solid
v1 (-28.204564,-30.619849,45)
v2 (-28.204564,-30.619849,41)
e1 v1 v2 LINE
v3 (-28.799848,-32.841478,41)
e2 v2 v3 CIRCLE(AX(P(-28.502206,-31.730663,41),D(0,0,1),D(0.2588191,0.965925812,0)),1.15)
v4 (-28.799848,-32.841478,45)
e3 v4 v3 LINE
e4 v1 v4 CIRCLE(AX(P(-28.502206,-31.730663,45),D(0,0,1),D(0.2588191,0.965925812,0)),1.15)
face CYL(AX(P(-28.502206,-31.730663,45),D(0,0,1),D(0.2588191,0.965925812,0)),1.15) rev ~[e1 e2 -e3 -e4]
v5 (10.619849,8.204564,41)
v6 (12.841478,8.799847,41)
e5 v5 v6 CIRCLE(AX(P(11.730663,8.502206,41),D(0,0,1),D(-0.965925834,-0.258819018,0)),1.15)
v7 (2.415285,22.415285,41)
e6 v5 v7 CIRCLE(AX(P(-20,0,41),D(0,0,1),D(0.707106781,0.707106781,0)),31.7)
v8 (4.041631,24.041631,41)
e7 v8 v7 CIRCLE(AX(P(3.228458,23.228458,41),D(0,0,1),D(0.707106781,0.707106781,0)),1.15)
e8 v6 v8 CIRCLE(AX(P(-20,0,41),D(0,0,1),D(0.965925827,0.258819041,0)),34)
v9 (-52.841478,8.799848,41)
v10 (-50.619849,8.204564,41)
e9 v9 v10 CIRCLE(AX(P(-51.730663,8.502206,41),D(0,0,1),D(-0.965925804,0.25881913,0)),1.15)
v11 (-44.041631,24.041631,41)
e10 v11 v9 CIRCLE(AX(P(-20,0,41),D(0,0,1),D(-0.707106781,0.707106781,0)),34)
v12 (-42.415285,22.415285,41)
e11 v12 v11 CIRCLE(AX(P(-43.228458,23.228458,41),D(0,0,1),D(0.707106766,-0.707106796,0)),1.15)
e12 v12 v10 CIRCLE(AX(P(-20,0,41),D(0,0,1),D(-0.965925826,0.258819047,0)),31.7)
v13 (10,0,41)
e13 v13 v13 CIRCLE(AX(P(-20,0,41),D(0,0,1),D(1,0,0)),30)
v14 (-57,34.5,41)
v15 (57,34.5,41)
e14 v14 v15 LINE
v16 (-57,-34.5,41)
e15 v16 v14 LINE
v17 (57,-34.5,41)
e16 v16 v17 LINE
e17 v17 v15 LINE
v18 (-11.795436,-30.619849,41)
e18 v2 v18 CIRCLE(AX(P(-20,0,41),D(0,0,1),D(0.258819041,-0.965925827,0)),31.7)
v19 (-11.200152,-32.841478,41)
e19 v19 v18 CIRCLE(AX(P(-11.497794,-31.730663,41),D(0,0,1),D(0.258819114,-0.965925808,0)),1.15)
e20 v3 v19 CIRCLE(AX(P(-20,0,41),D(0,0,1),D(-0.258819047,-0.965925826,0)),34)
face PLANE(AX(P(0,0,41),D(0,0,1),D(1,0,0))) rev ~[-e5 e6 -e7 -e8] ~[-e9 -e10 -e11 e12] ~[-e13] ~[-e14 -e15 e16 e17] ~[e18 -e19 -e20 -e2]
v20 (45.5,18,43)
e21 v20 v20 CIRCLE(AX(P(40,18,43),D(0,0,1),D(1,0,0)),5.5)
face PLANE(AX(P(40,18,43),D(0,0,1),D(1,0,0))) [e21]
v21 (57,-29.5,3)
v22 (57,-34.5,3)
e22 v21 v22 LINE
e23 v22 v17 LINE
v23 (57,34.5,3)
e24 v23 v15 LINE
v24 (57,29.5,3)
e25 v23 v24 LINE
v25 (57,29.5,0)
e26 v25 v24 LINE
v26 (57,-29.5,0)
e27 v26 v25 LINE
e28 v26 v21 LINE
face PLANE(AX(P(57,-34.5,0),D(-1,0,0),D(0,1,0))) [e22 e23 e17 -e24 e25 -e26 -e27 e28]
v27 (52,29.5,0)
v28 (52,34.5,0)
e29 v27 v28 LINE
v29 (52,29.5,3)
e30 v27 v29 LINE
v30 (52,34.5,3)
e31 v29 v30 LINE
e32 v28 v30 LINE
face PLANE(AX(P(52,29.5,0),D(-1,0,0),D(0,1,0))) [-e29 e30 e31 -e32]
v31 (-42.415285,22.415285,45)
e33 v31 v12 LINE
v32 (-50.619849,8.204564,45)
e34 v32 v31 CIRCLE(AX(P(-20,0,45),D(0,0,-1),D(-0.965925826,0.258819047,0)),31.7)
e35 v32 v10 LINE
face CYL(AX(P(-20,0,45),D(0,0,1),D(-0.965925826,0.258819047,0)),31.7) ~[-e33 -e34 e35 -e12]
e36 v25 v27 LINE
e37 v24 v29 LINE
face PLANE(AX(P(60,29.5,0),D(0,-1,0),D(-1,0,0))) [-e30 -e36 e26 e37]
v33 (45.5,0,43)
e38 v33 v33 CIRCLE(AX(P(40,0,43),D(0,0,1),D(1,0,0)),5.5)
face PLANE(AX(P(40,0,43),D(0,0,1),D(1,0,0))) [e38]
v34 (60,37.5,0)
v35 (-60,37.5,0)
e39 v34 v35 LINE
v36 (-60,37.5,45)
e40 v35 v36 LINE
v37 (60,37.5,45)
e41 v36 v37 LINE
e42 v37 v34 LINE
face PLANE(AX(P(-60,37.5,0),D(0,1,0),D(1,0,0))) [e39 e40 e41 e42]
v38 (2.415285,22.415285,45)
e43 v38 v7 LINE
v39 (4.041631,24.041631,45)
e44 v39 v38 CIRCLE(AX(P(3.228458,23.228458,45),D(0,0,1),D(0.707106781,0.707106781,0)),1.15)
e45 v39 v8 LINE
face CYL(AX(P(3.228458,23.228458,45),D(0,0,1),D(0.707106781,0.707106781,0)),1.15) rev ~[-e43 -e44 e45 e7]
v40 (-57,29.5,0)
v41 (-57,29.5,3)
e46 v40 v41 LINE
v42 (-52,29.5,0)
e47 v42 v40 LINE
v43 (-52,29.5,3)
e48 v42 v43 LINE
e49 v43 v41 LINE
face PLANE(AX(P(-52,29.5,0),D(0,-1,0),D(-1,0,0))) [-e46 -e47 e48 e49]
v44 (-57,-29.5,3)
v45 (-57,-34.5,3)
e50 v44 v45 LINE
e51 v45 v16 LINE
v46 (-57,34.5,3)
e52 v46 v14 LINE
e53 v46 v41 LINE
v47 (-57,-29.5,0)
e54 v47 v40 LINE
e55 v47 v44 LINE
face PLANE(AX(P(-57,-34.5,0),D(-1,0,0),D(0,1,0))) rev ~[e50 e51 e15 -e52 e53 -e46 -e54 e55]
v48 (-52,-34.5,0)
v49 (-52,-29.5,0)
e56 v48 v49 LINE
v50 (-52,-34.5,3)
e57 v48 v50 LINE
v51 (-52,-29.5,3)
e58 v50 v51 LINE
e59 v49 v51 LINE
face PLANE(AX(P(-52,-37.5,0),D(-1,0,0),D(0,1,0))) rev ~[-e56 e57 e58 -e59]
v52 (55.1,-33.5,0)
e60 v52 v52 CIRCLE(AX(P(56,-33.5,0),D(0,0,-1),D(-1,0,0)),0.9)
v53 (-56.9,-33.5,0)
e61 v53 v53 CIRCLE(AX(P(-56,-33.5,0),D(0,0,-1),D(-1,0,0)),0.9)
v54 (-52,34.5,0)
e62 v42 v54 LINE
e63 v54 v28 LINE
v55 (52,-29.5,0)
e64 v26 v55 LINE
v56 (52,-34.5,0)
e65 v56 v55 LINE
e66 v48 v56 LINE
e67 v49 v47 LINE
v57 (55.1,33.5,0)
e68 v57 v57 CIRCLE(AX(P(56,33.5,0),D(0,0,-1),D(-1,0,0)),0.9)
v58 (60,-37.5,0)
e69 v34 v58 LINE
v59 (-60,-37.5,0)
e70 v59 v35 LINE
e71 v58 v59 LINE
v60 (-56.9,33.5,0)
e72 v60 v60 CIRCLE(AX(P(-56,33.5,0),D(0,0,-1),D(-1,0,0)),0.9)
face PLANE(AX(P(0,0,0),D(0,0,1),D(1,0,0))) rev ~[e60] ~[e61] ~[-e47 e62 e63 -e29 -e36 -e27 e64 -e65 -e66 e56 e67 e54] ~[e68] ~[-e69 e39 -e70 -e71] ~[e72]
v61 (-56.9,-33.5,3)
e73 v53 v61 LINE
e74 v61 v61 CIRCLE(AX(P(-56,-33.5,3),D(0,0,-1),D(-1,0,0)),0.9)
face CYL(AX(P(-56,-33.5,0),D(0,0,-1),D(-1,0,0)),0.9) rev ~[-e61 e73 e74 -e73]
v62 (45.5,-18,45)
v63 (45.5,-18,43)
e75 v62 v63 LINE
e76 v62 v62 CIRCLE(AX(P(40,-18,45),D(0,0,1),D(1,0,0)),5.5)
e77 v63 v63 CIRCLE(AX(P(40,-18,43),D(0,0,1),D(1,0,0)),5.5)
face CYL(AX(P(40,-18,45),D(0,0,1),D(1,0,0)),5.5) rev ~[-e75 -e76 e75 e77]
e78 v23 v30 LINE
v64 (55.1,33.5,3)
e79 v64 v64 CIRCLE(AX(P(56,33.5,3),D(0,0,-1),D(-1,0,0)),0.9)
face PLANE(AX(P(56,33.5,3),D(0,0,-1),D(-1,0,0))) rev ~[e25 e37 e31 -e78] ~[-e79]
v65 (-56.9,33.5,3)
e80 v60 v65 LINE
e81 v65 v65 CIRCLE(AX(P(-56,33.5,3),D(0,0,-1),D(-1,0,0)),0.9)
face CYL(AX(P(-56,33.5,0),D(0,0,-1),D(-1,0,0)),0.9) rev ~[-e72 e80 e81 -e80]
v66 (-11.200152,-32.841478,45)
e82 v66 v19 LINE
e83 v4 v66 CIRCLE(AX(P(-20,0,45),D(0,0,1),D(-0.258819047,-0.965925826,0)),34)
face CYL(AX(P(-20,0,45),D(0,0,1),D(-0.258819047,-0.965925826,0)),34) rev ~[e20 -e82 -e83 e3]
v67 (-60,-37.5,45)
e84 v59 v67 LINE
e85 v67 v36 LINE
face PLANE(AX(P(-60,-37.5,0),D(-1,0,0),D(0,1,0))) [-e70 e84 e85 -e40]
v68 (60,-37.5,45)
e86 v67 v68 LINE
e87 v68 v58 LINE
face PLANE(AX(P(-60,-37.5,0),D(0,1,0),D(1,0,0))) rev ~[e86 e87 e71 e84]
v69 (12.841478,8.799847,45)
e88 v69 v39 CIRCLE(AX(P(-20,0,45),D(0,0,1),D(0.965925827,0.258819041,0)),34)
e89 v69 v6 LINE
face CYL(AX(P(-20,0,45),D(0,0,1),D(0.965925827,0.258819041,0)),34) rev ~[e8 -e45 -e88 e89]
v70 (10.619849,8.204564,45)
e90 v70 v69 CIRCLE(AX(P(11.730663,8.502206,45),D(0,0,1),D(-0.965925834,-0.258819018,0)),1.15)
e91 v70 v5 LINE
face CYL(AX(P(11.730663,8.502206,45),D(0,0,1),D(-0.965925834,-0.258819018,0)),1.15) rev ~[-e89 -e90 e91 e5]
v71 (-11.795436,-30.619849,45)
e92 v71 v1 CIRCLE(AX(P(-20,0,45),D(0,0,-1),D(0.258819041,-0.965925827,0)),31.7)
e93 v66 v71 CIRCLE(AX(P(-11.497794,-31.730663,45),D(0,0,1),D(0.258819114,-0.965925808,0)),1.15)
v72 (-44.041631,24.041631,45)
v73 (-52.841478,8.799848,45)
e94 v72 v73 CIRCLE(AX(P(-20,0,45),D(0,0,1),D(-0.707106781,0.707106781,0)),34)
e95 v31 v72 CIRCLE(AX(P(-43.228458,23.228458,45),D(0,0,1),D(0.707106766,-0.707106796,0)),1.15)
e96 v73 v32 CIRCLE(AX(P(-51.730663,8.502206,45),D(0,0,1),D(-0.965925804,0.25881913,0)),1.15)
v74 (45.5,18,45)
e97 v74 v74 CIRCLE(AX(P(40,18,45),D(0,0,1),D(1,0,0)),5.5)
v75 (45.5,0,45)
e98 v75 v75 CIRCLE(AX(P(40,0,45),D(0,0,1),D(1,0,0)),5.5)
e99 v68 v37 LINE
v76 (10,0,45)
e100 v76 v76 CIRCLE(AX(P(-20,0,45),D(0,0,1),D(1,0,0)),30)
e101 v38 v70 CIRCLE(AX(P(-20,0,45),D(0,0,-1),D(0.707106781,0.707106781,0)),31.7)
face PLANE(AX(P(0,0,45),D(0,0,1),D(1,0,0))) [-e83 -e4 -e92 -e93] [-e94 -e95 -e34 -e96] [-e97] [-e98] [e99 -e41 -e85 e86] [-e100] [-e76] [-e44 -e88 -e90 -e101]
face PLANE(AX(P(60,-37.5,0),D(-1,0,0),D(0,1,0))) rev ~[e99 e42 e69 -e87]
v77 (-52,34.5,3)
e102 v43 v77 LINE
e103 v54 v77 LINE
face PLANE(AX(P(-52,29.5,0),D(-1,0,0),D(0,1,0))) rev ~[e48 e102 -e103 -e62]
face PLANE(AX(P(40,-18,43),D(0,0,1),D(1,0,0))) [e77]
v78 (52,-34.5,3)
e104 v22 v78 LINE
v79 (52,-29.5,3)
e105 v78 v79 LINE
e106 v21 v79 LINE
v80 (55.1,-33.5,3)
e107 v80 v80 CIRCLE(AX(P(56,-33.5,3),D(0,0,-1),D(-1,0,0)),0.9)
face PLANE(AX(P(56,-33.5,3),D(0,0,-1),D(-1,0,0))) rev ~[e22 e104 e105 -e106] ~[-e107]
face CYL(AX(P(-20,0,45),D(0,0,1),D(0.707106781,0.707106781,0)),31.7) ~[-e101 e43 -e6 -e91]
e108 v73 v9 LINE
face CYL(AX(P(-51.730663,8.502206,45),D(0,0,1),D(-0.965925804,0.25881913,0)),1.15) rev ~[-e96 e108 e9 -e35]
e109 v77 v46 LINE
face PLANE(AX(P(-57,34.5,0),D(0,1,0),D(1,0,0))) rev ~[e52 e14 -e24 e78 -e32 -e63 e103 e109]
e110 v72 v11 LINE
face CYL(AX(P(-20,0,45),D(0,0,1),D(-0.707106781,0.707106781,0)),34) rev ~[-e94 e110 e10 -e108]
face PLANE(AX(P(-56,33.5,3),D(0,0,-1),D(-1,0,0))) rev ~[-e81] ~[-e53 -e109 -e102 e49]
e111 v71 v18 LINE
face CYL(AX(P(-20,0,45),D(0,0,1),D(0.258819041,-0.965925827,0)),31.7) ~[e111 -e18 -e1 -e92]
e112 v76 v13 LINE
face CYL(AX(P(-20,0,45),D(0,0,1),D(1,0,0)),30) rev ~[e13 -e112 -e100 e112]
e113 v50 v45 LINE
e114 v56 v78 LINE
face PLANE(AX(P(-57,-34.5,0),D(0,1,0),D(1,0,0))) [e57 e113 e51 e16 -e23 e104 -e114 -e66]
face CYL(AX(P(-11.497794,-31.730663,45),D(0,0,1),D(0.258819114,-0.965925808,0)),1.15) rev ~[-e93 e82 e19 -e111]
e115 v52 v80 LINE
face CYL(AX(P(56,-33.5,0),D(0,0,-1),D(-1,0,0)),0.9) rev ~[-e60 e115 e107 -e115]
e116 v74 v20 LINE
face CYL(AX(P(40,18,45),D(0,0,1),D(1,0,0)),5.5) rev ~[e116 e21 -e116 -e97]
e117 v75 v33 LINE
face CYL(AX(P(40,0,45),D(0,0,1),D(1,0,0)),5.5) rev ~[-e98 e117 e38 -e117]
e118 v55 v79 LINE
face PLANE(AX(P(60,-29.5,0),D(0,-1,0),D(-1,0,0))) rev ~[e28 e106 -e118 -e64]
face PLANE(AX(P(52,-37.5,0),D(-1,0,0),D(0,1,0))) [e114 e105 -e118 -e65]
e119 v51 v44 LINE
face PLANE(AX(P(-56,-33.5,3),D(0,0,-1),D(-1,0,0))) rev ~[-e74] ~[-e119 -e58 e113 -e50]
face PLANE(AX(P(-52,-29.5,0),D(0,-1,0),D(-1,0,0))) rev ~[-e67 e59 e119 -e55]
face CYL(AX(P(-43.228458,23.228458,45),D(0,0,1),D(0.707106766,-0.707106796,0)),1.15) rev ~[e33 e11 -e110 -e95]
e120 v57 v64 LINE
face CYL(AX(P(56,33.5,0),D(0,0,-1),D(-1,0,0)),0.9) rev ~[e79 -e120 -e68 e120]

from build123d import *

# Parameters (mm, degrees)
SKETCH_1_W          = 120
SKETCH_1_H          = 75
SKETCH_1_W_2        = 114
SKETCH_1_H_2        = 69
EXTRUDE_1_DEPTH     = 45
SKETCH_2_R          = 30
EXTRUDE_2_DEPTH     = 4
CUT_EXTRUDE_1_DEPTH = 84.852549156
SKETCH_3_W          = 8
SKETCH_3_H          = 8
EXTRUDE_3_DEPTH     = 3
SKETCH_3_3_R        = 0.9
CUT_EXTRUDE_2_DEPTH = 3
SKETCH_4_R          = 5.5
CUT_EXTRUDE_3_DEPTH = 2


with BuildPart() as part:
    # 草图1 → 凸台-拉伸1 (new body)
    with BuildSketch(Plane.XY):
        Rectangle(SKETCH_1_W, SKETCH_1_H)
        Rectangle(SKETCH_1_W_2, SKETCH_1_H_2, mode=Mode.SUBTRACT)
    extrude(amount=EXTRUDE_1_DEPTH)

    # 草图2 → 凸台-拉伸2 (add)
    with BuildSketch(Plane.XY.offset(45)):
        Polygon((20, 37.5), (-60, 37.5), (-60, -37.5), (20, -37.5), (20, -34.5), (57, -34.5), (57, 34.5), (20, 34.5), align=None)
        with Locations((-20, 0)):
            Circle(SKETCH_2_R, mode=Mode.SUBTRACT)
    extrude(amount=-EXTRUDE_2_DEPTH)

    # 草图2<4> → 切除-拉伸1 (cut, through all)
    with BuildSketch(Plane.XY.offset(45)):
        with BuildLine():
            ThreePointArc((12.841478126, 8.799847414), (9.44486376, 16.999999947), (4.04163056, 24.04163056))
            ThreePointArc((4.04163056, 24.04163056), (2.415284962, 24.041630558), (2.415284968, 22.41528496))
            ThreePointArc((2.415284968, 22.41528496), (7.453005293, 15.850000012), (10.619848685, 8.204563761))
            ThreePointArc((10.619848685, 8.204563761), (12.02830522, 7.391390911), (12.841478126, 8.799847414))
        make_face()
        with BuildLine():
            ThreePointArc((-28.799847612, -32.841478073), (-20, -34), (-11.200152388, -32.841478073))
            ThreePointArc((-11.200152388, -32.841478073), (-10.386979697, -31.433021385), (-11.795436406, -30.61984873))
            ThreePointArc((-11.795436406, -30.61984873), (-20.000000038, -31.7), (-28.204563667, -30.61984871))
            ThreePointArc((-28.204563667, -30.61984871), (-29.613020313, -31.433021421), (-28.799847612, -32.841478073))
        make_face()
        with BuildLine():
            ThreePointArc((-44.04163056, 24.04163056), (-49.444863704, 17.000000043), (-52.841478068, 8.79984763))
            ThreePointArc((-52.841478068, 8.79984763), (-52.028305318, 7.391390937), (-50.61984868, 8.204563781))
            ThreePointArc((-50.61984868, 8.204563781), (-47.453005293, 15.850000012), (-42.415284981, 22.415284946))
            ThreePointArc((-42.415284981, 22.415284946), (-42.415284955, 24.041630551), (-44.04163056, 24.04163056))
        make_face()
    extrude(amount=-CUT_EXTRUDE_1_DEPTH, mode=Mode.SUBTRACT)

    # 草图3 → 凸台-拉伸3 (add)
    with BuildSketch(Plane(origin=(0, 0, 0), x_dir=(-1, 0, 0), z_dir=(0, 0, -1))):
        with Locations((-56, 33.5)):
            Rectangle(SKETCH_3_W, SKETCH_3_H)
        with Locations((56, 33.5)):
            Rectangle(SKETCH_3_W, SKETCH_3_H)
        with Locations((-56, -33.5)):
            Rectangle(SKETCH_3_W, SKETCH_3_H)
        with Locations((56, -33.5)):
            Rectangle(SKETCH_3_W, SKETCH_3_H)
    extrude(amount=-EXTRUDE_3_DEPTH)

    # 草图3<3> → 切除-拉伸2 (cut)
    with BuildSketch(Plane(origin=(0, 0, 0), x_dir=(-1, 0, 0), z_dir=(0, 0, -1))):
        with Locations((-56, 33.5)):
            Circle(SKETCH_3_3_R)
        with Locations((-56, -33.5)):
            Circle(SKETCH_3_3_R)
        with Locations((56, -33.5)):
            Circle(SKETCH_3_3_R)
        with Locations((56, 33.5)):
            Circle(SKETCH_3_3_R)
    extrude(amount=-CUT_EXTRUDE_2_DEPTH, mode=Mode.SUBTRACT)

    # 草图4 → 切除-拉伸3 (cut)
    with BuildSketch(Plane.XY.offset(45)):
        with Locations((40, 18)):
            Circle(SKETCH_4_R)
        with Locations((40, 0)):
            Circle(SKETCH_4_R)
        with Locations((40, -18)):
            Circle(SKETCH_4_R)
    extrude(amount=-CUT_EXTRUDE_3_DEPTH, mode=Mode.SUBTRACT)


solid = part.part
